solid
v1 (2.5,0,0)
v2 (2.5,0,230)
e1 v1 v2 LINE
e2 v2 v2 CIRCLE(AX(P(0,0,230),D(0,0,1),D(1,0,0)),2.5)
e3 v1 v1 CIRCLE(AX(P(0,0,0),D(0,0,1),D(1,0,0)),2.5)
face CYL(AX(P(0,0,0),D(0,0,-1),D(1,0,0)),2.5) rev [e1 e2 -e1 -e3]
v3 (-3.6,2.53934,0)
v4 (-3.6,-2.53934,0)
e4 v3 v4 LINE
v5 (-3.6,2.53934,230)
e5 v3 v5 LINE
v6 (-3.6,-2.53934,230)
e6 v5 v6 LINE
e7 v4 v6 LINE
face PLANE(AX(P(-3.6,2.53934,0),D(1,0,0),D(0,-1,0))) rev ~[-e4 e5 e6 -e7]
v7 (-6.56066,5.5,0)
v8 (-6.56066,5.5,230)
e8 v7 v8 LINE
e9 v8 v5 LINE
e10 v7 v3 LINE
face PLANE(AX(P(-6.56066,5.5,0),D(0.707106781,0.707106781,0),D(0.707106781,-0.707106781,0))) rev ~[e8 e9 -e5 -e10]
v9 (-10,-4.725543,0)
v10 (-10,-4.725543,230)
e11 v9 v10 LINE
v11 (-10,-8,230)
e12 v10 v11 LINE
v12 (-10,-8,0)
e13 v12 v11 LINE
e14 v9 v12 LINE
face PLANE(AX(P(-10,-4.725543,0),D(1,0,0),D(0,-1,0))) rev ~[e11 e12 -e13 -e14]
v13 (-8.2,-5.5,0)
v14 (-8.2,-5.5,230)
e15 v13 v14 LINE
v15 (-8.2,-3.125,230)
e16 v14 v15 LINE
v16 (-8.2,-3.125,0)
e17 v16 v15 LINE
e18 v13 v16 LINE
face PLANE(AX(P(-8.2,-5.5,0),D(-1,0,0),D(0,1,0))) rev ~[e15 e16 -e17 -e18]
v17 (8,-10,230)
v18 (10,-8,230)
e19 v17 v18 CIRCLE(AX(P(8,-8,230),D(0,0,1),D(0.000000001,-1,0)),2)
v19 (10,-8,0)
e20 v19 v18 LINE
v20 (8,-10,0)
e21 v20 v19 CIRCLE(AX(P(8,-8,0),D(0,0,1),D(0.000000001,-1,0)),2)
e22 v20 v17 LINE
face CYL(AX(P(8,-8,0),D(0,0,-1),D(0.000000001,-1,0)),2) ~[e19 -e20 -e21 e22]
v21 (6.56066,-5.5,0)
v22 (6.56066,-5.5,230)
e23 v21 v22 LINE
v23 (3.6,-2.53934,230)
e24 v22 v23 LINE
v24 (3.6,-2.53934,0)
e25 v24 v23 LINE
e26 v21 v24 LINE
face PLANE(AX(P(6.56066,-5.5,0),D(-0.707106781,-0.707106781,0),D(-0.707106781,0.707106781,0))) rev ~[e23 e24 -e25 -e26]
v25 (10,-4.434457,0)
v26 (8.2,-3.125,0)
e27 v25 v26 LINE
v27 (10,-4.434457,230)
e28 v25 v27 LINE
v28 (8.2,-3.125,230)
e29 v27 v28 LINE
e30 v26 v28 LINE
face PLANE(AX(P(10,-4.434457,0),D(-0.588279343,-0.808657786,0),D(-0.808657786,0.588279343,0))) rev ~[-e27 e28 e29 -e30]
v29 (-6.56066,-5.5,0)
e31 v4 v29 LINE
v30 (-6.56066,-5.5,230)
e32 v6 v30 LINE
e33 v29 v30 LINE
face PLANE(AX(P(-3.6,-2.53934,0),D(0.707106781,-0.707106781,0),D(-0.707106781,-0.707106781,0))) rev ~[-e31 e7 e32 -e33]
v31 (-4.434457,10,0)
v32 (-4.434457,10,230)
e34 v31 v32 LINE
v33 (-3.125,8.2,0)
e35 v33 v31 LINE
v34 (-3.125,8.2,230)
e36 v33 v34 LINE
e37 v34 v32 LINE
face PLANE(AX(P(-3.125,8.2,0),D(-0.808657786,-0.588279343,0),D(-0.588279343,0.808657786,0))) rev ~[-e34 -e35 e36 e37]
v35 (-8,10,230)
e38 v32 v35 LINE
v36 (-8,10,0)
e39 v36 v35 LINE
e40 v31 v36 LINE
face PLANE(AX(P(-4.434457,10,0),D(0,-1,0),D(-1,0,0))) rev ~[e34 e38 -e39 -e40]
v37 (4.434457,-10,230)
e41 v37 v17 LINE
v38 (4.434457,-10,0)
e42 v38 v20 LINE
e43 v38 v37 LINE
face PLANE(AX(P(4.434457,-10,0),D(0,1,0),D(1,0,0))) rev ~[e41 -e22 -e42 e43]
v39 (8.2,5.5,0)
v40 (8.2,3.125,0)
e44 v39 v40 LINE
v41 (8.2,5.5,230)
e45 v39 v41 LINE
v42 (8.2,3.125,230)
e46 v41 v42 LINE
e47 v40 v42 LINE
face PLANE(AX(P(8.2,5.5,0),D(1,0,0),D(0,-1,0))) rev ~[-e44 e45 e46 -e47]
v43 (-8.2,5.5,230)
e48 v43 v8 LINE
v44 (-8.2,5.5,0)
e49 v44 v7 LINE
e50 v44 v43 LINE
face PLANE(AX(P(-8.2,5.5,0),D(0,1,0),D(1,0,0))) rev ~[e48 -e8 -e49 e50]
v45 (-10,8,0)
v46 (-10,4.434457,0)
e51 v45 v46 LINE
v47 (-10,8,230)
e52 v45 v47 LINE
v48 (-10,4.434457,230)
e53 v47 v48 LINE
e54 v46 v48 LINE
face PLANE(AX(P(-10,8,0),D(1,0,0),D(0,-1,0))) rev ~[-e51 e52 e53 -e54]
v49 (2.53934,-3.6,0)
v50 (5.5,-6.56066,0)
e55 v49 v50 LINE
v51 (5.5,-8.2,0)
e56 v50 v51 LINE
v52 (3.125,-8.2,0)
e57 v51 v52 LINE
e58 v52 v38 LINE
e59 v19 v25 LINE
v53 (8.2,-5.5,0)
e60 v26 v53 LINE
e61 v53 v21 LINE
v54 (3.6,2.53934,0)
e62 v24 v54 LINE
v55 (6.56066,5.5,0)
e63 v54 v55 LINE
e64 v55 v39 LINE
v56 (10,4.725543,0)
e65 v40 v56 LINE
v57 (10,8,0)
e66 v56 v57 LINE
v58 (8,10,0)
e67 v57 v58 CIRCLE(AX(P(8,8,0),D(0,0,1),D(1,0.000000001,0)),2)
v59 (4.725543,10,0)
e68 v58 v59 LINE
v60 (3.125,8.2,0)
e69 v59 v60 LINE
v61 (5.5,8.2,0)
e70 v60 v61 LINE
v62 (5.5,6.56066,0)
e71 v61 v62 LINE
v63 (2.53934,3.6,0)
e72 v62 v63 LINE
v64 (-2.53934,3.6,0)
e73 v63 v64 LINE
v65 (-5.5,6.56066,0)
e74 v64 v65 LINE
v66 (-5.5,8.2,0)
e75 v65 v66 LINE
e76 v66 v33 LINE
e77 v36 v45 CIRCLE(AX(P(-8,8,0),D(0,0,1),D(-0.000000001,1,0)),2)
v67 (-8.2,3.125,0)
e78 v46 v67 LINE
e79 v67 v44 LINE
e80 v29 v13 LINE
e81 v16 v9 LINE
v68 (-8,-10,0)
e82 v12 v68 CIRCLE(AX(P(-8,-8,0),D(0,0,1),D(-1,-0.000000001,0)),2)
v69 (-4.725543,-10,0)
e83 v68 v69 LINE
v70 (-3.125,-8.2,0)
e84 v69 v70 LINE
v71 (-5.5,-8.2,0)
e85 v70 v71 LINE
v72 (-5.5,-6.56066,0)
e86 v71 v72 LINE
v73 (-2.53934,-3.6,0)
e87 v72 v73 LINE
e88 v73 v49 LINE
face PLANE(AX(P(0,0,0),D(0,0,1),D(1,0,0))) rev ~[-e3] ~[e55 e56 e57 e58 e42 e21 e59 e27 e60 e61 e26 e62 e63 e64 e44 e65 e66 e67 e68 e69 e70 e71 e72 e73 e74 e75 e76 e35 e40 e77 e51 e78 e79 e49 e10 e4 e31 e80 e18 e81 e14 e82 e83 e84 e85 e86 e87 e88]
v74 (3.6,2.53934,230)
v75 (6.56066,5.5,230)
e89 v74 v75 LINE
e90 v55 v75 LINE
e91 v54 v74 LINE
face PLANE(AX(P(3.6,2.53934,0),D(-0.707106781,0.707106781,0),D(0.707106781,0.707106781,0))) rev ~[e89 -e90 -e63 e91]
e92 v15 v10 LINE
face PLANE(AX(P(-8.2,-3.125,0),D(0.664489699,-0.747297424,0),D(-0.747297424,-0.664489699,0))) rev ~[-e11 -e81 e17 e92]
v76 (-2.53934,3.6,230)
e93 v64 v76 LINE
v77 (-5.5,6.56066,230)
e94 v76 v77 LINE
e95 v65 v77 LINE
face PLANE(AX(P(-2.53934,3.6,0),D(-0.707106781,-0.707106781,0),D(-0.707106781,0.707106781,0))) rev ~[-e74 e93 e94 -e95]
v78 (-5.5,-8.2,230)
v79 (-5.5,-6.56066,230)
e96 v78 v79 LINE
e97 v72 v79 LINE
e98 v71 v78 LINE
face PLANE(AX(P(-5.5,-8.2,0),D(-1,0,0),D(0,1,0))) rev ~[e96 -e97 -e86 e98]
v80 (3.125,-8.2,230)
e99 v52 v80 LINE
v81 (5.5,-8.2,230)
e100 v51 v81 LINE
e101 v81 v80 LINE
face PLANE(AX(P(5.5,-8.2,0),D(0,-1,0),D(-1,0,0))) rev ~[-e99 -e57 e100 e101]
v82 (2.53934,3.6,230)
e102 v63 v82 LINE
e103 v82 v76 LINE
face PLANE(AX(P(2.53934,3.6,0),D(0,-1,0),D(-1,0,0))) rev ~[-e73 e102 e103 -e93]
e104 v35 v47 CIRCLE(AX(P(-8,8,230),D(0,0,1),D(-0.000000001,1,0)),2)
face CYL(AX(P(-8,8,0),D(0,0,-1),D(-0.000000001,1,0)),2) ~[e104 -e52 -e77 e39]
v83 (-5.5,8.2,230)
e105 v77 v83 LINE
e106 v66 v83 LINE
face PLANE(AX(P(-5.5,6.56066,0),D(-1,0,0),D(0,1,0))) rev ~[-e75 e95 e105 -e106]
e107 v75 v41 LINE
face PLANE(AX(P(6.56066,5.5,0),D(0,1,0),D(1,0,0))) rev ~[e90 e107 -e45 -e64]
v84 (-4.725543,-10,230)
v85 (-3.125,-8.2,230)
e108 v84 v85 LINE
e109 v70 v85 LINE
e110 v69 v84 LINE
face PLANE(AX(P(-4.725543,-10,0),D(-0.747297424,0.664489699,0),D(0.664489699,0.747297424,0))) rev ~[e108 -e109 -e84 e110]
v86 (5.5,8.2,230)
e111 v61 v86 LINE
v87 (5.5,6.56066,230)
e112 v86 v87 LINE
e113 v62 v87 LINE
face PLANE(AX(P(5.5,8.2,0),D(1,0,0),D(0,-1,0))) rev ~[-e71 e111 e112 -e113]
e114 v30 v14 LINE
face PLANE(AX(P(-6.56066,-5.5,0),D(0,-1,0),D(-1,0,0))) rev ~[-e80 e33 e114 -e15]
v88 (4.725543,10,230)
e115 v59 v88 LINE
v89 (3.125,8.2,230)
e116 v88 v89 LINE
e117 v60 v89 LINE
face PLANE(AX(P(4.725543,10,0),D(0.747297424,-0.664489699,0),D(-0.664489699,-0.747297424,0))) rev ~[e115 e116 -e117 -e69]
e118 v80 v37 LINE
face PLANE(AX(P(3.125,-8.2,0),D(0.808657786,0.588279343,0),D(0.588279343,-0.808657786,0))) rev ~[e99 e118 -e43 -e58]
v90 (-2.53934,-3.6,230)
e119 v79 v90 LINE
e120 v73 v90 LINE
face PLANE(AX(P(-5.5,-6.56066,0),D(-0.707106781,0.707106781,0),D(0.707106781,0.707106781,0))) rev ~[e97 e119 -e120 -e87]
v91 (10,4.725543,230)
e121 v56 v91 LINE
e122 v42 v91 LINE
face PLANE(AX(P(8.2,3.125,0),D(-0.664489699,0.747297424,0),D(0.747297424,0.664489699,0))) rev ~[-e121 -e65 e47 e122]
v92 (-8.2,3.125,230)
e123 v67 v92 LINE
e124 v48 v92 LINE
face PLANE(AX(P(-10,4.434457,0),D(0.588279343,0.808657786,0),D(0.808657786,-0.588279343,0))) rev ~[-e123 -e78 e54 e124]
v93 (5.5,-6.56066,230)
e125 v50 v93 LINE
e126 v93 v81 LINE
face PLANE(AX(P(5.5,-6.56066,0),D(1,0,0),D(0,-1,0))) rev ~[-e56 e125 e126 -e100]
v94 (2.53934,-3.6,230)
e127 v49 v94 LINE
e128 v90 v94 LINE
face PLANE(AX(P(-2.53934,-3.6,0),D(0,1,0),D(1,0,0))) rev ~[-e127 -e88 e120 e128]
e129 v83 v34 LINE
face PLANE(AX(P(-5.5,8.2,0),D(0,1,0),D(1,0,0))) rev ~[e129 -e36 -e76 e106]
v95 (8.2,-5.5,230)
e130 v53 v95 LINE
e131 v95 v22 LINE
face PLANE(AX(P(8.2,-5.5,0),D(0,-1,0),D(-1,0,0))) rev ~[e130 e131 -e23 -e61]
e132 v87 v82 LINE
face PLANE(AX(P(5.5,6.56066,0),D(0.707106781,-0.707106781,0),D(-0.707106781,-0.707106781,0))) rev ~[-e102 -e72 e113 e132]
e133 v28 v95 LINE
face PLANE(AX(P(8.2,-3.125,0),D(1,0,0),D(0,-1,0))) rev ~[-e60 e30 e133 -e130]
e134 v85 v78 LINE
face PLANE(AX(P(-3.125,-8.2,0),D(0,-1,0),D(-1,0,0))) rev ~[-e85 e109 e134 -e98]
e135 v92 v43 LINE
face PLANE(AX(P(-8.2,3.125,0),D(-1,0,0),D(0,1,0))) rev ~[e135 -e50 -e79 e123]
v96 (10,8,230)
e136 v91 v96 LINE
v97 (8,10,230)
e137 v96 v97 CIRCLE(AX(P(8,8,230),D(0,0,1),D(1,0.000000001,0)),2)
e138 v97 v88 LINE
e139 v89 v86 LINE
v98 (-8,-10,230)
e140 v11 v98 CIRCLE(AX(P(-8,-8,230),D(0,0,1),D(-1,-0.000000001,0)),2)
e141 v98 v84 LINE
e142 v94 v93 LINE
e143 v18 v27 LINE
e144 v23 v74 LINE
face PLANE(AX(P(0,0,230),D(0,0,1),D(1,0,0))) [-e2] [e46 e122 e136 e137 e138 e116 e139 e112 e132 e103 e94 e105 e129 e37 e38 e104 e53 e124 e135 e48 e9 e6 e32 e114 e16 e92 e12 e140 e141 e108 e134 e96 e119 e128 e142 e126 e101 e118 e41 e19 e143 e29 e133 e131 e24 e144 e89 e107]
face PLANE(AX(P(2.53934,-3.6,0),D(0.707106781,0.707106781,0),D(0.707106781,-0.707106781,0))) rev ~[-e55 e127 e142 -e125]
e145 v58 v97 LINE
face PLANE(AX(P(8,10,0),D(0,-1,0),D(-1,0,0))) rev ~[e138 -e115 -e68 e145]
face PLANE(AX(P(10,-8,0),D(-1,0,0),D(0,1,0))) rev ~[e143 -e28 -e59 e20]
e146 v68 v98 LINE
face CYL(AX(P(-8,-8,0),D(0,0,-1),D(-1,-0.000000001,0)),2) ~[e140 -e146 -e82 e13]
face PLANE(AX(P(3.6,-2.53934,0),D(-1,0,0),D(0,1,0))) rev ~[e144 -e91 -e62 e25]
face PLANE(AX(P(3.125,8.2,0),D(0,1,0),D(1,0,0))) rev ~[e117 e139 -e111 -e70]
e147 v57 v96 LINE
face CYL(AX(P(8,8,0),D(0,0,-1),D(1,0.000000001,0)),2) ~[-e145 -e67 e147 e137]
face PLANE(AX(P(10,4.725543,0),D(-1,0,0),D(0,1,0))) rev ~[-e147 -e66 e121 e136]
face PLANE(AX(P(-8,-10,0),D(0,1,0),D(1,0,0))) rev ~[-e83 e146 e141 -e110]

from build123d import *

# Parameters (mm, degrees)
SKETCH1_R           = 2.5
BOSS_EXTRUDE1_DEPTH = 230


with BuildPart() as part:
    # Sketch1 → Boss-Extrude1 (new body)
    with BuildSketch(Plane.XY):
        with BuildLine():
            Line((-4.725542729, -10), (-3.125, -8.2))
            Line((-3.125, -8.2), (-5.5, -8.2))
            Line((-5.5, -8.2), (-5.5, -6.560660172))
            Line((-5.5, -6.560660172), (-2.539339828, -3.6))
            Line((-2.539339828, -3.6), (2.539339828, -3.6))
            Line((2.539339828, -3.6), (5.5, -6.560660172))
            Line((5.5, -6.560660172), (5.5, -8.2))
            Line((5.5, -8.2), (3.125, -8.2))
            Line((3.125, -8.2), (4.434457271, -10))
            Line((4.434457271, -10), (8, -10))
            ThreePointArc((8, -10), (9.414213562, -9.414213562), (10, -8))
            Line((10, -8), (10, -4.434457271))
            Line((10, -4.434457271), (8.2, -3.125))
            Line((8.2, -3.125), (8.2, -5.5))
            Line((8.2, -5.5), (6.560660172, -5.5))
            Line((6.560660172, -5.5), (3.6, -2.539339828))
            Line((3.6, -2.539339828), (3.6, 2.539339828))
            Line((3.6, 2.539339828), (6.560660172, 5.5))
            Line((6.560660172, 5.5), (8.2, 5.5))
            Line((8.2, 5.5), (8.2, 3.125))
            Line((8.2, 3.125), (10, 4.725542729))
            Line((10, 4.725542729), (10, 8))
            ThreePointArc((10, 8), (9.414213562, 9.414213562), (8, 10))
            Line((8, 10), (4.725542729, 10))
            Line((4.725542729, 10), (3.125, 8.2))
            Line((3.125, 8.2), (5.5, 8.2))
            Line((5.5, 8.2), (5.5, 6.560660172))
            Line((5.5, 6.560660172), (2.539339828, 3.6))
            Line((2.539339828, 3.6), (-2.539339828, 3.6))
            Line((-2.539339828, 3.6), (-5.5, 6.560660172))
            Line((-5.5, 6.560660172), (-5.5, 8.2))
            Line((-5.5, 8.2), (-3.125, 8.2))
            Line((-3.125, 8.2), (-4.434457271, 10))
            Line((-4.434457271, 10), (-8, 10))
            ThreePointArc((-8, 10), (-9.414213562, 9.414213562), (-10, 8))
            Line((-10, 8), (-10, 4.434457271))
            Line((-10, 4.434457271), (-8.2, 3.125))
            Line((-8.2, 3.125), (-8.2, 5.5))
            Line((-8.2, 5.5), (-6.560660172, 5.5))
            Line((-6.560660172, 5.5), (-3.6, 2.539339828))
            Line((-3.6, 2.539339828), (-3.6, -2.539339828))
            Line((-3.6, -2.539339828), (-6.560660172, -5.5))
            Line((-6.560660172, -5.5), (-8.2, -5.5))
            Line((-8.2, -5.5), (-8.2, -3.125))
            Line((-8.2, -3.125), (-10, -4.725542729))
            Line((-10, -4.725542729), (-10, -8))
            ThreePointArc((-10, -8), (-9.414213562, -9.414213562), (-8, -10))
            Line((-8, -10), (-4.725542729, -10))
        make_face()
        Circle(SKETCH1_R, mode=Mode.SUBTRACT)
    extrude(amount=BOSS_EXTRUDE1_DEPTH)


solid = part.part
